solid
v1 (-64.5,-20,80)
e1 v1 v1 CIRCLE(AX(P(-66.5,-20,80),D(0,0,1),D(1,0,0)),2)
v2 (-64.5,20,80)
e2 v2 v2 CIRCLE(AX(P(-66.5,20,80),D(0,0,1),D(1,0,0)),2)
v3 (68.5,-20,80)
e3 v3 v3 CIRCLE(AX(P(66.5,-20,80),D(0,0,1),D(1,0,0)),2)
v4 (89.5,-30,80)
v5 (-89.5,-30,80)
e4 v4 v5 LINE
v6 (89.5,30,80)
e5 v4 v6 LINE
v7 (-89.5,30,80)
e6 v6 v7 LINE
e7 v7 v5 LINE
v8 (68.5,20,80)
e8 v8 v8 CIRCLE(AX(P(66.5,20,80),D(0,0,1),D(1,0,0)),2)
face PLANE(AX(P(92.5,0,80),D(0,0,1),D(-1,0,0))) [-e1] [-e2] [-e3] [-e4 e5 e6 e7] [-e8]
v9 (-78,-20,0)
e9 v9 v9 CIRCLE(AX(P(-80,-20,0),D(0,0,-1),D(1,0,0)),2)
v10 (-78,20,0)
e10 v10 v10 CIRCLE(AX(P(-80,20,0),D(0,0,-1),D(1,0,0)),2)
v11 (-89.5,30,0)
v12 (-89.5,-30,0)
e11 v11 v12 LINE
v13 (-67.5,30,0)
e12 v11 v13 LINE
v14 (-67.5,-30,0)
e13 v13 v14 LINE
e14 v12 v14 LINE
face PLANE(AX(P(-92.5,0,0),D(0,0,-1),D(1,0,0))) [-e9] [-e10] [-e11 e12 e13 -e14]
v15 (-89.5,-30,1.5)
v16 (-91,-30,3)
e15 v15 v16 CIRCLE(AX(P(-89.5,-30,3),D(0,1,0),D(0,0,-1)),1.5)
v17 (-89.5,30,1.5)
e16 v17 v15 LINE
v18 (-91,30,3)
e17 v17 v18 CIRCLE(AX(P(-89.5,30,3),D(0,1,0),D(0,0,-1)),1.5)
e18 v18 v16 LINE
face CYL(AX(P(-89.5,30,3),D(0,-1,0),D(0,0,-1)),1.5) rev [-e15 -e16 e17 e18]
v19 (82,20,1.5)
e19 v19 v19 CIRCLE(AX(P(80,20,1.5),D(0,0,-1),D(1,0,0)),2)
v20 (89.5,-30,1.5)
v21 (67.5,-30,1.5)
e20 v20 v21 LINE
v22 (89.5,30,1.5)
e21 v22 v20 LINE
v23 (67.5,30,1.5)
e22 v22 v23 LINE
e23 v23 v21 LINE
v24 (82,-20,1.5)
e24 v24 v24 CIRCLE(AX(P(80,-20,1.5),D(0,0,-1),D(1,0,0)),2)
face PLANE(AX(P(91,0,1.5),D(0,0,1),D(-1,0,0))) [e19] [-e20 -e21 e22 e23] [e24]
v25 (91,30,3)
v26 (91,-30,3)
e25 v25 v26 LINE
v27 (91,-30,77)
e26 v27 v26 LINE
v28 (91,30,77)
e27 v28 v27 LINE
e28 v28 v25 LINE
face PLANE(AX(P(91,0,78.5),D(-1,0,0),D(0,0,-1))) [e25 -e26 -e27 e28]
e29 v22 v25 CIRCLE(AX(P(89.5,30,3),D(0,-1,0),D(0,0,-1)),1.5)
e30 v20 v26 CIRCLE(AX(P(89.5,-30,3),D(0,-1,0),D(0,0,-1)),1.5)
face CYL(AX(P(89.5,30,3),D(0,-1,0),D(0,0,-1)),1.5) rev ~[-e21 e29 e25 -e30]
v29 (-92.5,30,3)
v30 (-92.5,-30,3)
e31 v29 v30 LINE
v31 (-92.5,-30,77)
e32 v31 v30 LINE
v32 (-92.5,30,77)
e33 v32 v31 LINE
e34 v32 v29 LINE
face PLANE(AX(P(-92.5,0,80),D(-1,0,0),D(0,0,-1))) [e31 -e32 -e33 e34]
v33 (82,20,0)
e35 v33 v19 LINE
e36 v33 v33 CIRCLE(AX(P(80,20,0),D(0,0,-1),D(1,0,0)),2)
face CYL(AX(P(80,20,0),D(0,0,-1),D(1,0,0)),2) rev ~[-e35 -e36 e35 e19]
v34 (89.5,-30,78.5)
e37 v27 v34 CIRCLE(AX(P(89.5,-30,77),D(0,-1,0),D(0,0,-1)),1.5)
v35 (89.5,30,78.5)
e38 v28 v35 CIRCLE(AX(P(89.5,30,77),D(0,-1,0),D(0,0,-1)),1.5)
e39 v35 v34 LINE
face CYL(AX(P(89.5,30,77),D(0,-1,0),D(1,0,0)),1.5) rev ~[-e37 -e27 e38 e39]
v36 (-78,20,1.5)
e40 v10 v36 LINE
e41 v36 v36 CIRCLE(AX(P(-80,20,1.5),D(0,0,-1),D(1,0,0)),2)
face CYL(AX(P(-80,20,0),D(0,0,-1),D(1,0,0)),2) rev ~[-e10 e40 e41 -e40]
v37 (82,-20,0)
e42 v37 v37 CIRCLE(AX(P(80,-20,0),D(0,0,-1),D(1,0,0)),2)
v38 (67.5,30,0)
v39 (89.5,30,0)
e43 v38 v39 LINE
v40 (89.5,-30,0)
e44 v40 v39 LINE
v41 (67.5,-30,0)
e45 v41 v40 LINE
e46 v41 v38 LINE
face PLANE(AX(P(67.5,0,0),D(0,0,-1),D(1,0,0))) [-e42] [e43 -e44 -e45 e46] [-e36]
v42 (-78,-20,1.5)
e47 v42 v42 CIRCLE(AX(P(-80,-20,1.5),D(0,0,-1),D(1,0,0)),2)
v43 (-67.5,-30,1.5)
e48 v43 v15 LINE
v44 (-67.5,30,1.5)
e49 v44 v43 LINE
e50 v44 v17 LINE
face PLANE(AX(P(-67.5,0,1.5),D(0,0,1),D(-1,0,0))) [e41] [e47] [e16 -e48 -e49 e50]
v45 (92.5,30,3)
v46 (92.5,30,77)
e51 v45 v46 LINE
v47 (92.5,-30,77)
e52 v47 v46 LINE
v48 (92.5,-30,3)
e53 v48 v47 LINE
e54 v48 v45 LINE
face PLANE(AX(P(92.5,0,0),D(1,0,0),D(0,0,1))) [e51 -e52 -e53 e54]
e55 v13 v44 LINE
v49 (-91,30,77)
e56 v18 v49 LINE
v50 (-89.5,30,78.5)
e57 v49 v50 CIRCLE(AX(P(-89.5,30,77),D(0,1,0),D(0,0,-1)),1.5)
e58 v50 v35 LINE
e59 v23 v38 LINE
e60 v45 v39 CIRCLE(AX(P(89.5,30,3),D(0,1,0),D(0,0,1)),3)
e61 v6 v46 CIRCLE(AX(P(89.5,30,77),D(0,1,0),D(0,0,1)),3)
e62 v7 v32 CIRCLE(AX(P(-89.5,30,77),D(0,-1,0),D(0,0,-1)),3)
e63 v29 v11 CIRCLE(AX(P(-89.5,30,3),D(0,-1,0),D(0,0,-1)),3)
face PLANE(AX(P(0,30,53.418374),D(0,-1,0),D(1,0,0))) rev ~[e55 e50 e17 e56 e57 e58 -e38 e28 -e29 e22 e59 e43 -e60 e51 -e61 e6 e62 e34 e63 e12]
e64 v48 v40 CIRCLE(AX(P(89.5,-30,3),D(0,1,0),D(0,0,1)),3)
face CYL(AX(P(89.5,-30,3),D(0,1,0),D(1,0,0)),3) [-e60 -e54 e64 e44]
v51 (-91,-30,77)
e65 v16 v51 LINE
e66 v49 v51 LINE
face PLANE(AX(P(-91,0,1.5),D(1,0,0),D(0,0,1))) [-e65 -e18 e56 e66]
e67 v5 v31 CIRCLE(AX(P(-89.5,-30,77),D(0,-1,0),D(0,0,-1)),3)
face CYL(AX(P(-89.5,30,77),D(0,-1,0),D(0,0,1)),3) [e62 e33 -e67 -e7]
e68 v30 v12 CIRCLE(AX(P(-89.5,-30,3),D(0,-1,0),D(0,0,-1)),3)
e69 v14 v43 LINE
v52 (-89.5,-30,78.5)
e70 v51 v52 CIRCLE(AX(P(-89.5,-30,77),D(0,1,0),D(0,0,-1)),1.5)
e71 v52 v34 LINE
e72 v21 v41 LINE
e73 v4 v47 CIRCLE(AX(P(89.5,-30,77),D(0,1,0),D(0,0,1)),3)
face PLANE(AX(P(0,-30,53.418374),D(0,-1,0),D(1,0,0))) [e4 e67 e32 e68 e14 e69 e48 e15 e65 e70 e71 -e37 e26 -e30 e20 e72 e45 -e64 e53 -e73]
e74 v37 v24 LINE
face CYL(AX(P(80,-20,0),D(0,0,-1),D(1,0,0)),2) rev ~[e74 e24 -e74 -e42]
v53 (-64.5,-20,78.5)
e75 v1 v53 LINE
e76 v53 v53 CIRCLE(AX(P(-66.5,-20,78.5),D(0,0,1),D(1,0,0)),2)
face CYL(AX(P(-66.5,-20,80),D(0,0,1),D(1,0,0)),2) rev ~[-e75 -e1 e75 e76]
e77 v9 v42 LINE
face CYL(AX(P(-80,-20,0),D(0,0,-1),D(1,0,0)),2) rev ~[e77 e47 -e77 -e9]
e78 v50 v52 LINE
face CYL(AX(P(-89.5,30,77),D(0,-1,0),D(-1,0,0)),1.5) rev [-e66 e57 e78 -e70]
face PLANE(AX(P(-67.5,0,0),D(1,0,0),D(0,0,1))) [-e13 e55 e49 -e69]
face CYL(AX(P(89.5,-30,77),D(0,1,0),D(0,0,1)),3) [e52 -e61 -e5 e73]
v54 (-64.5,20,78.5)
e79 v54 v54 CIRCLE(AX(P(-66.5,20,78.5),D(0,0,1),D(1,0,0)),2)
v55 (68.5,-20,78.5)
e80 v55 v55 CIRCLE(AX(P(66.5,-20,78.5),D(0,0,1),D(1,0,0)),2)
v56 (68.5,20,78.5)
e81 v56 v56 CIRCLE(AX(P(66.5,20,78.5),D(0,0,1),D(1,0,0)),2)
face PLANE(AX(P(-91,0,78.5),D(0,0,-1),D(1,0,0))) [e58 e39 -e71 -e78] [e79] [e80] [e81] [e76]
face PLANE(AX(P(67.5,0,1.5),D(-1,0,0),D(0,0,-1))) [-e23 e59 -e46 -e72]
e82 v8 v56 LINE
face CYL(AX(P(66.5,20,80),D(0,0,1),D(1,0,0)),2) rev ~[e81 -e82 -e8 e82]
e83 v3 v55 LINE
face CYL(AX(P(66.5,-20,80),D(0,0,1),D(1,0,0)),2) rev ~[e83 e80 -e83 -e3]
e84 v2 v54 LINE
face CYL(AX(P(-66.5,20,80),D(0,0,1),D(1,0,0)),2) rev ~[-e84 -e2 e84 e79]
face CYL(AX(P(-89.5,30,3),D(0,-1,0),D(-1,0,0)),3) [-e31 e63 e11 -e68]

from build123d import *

# Parameters (mm, degrees)
F1_DEPTH = 30
F2_R     = 2
F3_DEPTH = 25
F4_R     = 2
F5_DEPTH = 10
F6_R     = 3
F7_R     = 1.5


with BuildPart() as f1:
    # F0 (on Front) → F1 (new body, symmetric)
    with BuildSketch(Plane.XZ):
        Polygon((92.5, 80), (0, 80), (-92.5, 80), (-92.5, 0), (-67.5, 0), (-67.5, 1.5), (-91, 1.5), (-91, 78.5), (0, 78.5), (91, 78.5), (91, 1.5), (67.5, 1.5), (67.5, 0), (92.5, 0), align=None)
    extrude(amount=F1_DEPTH, both=True)

    # F2 (on face) → F3 (cut)
    with BuildSketch(Plane.XY.offset(80)):
        with Locations((-66.5, 20)):
            Circle(F2_R)
        with Locations((-66.5, -20)):
            Circle(F2_R)
        with Locations((66.5, 20)):
            Circle(F2_R)
        with Locations((66.5, -20)):
            Circle(F2_R)
    extrude(amount=-F3_DEPTH, mode=Mode.SUBTRACT)

    # F4 (on face) → F5 (cut)
    with BuildSketch(Plane(origin=(0, 0, 0), x_dir=(1, 0, 0), z_dir=(0, 0, -1))):
        with Locations((-80, 20)):
            Circle(F4_R)
        with Locations((-80, -20)):
            Circle(F4_R)
        with Locations((80, -20)):
            Circle(F4_R)
        with Locations((80, 20)):
            Circle(F4_R)
    extrude(amount=-F5_DEPTH, mode=Mode.SUBTRACT)

    # F6
    f6_edges = [f1.edges().sort_by_distance(p)[0] for p in [
        (-92.5, 0, 80),
        (-92.5, 0, 0),
        (92.5, 0, 80),
        (92.5, 0, 0),
    ]]
    fillet(f6_edges, radius=F6_R)

    # F7
    f7_edges = [f1.edges().sort_by_distance(p)[0] for p in [
        (-91, 0, 78.5),
        (91, 0, 78.5),
        (-91, 0, 1.5),
        (91, 0, 1.5),
    ]]
    fillet(f7_edges, radius=F7_R)


solid = f1.part
